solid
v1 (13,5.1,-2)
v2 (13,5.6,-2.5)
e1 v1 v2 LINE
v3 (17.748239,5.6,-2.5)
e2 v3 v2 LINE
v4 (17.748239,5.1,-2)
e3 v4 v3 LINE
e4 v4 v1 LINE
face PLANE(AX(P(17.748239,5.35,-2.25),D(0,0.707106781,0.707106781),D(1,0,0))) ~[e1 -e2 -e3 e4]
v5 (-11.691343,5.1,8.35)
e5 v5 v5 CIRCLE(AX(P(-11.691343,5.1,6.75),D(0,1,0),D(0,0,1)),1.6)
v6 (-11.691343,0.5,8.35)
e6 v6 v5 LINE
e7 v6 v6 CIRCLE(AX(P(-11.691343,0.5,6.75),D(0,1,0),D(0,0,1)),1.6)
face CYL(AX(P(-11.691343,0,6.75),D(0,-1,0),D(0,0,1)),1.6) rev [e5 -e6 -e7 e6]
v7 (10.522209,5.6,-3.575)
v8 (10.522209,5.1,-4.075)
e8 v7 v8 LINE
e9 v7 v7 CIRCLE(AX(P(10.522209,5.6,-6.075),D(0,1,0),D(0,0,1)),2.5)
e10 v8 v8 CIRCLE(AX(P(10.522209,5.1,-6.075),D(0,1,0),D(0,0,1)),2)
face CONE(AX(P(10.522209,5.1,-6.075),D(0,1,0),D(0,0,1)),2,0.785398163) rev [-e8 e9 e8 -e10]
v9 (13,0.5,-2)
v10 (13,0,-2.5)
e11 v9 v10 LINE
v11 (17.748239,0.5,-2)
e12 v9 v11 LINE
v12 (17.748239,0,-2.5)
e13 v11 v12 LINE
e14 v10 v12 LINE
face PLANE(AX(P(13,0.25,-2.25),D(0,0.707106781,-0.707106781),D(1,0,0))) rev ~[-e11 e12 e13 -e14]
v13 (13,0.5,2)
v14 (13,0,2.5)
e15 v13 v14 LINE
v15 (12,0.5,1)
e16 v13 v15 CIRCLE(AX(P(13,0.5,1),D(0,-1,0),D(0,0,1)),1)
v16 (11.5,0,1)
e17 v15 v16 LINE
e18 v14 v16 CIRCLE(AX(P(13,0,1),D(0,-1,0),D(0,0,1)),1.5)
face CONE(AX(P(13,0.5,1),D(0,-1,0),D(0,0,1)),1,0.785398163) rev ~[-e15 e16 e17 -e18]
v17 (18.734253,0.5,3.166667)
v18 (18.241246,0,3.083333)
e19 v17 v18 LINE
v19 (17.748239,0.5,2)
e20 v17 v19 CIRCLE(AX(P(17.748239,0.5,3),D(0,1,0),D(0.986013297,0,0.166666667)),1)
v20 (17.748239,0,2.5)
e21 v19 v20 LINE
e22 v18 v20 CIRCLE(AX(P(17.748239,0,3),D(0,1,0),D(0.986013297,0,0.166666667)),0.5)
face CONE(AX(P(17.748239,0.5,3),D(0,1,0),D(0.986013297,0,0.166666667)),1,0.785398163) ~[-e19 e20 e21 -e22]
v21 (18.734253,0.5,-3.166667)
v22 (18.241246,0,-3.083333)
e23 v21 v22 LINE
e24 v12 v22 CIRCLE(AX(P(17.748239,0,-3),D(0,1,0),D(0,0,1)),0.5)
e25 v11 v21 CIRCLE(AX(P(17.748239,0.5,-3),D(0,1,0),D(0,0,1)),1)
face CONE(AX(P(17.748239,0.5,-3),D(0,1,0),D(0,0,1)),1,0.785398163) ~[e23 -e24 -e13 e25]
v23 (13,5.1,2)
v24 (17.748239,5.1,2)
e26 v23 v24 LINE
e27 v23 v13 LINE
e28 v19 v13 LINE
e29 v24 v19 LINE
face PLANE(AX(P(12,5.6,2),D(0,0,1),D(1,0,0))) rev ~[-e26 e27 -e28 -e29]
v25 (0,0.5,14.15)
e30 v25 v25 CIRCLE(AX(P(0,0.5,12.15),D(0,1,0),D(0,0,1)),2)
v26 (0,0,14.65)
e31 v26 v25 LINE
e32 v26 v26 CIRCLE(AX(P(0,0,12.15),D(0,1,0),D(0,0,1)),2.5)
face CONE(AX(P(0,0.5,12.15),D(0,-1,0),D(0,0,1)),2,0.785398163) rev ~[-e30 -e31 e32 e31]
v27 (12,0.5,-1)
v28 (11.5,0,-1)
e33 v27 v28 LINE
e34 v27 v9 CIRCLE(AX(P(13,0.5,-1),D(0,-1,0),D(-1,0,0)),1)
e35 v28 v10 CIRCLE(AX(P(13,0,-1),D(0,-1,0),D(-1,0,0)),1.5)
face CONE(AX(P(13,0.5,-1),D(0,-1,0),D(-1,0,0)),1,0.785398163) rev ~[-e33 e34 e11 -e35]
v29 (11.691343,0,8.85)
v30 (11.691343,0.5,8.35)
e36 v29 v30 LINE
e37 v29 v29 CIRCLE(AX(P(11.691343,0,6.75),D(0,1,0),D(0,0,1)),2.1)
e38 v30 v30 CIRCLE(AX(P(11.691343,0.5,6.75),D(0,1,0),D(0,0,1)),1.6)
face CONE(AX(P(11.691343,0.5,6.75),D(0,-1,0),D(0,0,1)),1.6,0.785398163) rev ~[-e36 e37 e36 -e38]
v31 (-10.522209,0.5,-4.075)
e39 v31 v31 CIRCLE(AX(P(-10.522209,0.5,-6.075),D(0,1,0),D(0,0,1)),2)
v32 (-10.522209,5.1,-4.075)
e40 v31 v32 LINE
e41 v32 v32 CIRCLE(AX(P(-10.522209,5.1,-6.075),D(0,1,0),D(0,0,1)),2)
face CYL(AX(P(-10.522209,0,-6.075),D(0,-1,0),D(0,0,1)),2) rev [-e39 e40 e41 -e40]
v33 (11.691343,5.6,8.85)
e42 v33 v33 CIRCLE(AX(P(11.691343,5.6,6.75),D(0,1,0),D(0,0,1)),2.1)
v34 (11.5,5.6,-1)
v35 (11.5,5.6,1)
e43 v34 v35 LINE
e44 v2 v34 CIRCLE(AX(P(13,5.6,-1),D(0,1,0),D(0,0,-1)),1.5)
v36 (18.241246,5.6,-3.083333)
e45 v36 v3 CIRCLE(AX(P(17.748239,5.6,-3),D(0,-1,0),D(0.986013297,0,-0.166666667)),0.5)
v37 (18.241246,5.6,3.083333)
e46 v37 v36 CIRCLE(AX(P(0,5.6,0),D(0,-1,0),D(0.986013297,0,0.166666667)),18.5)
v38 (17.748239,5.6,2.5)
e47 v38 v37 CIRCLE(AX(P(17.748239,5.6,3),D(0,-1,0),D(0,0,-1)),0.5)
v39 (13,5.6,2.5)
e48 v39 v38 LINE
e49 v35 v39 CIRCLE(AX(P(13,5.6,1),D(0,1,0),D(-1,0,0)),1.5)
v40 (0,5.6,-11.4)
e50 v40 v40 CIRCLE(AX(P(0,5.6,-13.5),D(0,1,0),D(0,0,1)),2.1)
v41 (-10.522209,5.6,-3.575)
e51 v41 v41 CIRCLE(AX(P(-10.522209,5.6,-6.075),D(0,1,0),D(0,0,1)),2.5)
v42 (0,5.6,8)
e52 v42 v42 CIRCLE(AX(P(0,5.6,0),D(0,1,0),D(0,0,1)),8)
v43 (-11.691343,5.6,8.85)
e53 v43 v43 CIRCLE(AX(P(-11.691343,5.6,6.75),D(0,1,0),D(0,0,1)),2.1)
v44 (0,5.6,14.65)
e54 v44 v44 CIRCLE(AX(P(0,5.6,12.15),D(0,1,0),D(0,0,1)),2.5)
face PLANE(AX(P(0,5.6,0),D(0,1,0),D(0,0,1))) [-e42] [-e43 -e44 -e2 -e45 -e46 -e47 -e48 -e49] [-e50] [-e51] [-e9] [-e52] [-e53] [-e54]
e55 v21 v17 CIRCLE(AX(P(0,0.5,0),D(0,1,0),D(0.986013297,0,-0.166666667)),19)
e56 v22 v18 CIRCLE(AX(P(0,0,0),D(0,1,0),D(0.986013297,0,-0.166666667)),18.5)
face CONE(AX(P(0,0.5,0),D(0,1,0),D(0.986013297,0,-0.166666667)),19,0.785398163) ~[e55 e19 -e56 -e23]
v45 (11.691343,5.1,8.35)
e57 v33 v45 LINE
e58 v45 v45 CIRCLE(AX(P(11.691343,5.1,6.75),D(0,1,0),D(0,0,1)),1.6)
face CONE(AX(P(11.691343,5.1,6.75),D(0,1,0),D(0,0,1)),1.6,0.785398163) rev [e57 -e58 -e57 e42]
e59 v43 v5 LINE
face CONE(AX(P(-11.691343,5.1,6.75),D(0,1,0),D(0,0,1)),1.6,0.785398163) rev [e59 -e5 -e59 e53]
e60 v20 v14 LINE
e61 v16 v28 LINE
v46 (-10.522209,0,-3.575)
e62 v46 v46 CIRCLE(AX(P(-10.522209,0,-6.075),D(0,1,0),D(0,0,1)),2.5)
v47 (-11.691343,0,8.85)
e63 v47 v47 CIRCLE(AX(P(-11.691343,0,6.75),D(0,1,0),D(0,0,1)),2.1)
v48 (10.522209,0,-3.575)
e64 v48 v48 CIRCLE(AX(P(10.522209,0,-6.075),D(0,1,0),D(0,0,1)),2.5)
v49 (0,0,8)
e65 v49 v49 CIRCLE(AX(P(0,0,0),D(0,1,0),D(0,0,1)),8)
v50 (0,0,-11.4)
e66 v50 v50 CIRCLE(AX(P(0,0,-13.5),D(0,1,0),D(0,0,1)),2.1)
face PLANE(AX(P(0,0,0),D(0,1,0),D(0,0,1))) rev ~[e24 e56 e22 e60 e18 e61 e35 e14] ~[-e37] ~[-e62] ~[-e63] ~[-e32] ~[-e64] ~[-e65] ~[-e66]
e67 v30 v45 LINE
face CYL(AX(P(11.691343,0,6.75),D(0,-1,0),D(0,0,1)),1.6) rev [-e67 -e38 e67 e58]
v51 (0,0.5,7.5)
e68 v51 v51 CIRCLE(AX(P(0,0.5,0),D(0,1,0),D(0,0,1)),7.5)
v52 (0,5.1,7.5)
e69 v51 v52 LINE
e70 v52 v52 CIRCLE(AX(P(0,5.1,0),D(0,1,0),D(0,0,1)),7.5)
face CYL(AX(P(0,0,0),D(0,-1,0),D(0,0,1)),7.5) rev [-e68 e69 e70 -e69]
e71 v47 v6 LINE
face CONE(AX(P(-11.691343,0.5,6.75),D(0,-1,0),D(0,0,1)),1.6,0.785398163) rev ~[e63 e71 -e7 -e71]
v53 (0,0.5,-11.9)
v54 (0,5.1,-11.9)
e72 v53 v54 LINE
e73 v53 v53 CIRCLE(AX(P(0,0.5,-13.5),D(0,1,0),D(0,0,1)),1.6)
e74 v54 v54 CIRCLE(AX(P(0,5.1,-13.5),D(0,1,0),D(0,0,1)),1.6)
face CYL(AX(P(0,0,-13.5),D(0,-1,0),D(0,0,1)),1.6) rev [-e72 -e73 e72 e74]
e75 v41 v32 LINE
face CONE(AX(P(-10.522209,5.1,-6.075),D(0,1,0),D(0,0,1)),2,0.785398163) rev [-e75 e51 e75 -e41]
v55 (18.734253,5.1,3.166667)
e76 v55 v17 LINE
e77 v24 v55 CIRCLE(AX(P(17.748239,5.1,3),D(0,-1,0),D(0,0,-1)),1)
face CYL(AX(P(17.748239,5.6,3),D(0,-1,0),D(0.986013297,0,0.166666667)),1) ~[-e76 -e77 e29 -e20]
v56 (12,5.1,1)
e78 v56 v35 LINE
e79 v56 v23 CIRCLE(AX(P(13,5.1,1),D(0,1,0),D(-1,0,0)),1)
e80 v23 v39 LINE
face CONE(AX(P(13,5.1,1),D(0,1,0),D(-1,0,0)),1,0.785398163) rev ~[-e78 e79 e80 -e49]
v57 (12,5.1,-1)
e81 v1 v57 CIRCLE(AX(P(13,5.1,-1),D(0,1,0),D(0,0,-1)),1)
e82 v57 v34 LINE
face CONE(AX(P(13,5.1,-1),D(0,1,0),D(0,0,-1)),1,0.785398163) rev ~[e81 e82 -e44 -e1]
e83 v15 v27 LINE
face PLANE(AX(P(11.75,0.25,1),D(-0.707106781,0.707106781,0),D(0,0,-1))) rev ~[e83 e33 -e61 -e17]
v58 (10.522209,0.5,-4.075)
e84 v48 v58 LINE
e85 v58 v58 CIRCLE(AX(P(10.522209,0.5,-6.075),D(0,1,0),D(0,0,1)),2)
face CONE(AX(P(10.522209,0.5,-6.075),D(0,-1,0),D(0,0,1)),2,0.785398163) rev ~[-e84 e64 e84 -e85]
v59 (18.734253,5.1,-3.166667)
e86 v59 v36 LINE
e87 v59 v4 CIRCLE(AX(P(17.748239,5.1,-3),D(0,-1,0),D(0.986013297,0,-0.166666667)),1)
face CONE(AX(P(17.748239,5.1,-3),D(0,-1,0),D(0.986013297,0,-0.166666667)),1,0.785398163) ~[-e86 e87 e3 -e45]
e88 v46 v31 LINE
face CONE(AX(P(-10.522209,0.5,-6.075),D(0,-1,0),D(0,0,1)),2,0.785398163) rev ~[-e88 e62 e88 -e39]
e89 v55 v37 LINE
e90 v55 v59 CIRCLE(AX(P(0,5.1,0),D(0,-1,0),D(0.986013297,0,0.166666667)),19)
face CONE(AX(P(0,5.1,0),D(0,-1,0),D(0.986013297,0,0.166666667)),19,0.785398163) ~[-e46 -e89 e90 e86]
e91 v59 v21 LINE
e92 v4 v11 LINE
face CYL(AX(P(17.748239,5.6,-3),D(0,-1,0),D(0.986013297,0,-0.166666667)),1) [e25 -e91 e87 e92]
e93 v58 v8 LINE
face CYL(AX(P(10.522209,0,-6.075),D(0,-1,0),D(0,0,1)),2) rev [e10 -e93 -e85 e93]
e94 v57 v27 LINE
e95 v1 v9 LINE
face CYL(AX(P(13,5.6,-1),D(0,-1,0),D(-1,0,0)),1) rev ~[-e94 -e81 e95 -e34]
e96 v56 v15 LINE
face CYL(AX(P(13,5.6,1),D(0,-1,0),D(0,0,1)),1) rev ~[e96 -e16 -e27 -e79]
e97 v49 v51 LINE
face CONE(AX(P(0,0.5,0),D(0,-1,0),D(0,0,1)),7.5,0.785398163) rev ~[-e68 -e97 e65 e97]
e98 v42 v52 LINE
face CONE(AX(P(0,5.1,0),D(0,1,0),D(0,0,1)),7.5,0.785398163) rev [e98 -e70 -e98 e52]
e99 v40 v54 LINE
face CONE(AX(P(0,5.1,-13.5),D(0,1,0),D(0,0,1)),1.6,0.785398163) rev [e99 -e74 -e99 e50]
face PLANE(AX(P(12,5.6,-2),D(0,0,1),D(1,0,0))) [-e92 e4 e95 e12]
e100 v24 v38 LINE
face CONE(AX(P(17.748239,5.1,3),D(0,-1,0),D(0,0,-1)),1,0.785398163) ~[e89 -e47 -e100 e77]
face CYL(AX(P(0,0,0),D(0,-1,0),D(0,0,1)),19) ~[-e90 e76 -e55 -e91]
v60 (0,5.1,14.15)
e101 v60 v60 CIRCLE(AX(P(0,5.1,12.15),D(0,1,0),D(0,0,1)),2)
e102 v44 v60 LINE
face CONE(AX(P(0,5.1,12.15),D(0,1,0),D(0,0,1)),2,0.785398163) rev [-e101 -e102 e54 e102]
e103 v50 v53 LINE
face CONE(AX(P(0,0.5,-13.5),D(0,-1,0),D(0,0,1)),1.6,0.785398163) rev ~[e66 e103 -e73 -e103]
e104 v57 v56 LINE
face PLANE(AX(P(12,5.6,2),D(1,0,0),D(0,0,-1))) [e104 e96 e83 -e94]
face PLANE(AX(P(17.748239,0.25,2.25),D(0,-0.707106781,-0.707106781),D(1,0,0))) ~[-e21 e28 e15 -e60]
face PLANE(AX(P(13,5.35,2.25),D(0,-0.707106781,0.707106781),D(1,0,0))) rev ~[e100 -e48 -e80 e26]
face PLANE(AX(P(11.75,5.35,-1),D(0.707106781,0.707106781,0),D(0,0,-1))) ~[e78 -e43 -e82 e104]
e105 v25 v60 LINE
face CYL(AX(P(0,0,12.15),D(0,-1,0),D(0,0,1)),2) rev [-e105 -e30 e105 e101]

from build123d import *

# Parameters (mm, degrees)
SKETCH_1_R          = 19
SKETCH_1_R_2        = 2
SKETCH_1_R_3        = 7.5
SKETCH_1_R_4        = 1.6
EXTRUDE_1_DEPTH     = 5.6
SKETCH_2_W          = 15.17824661
SKETCH_2_H          = 4
CUT_EXTRUDE_1_DEPTH = 10
FILLET_1_R          = 1
CHAMFER_1_SIZE      = 0.5
CHAMFER_2_SIZE      = 0.5


with BuildPart() as part:
    # 草图1 → 凸台-拉伸1 (new body)
    with BuildSketch(Plane(origin=(0, 0, 0), x_dir=(1, 0, 0), z_dir=(0, 1, 0))):
        with Locations(Location((0, 0, 0), (0, 0, 270))):
            Circle(SKETCH_1_R)
        with Locations(Location((0, -12.15, 0), (0, 0, 270))):
            Circle(SKETCH_1_R_2, mode=Mode.SUBTRACT)
        with Locations(Location((10.522208656, 6.075, 0), (0, 0, 270))):
            Circle(SKETCH_1_R_2, mode=Mode.SUBTRACT)
        with Locations(Location((-10.522208656, 6.075, 0), (0, 0, 270))):
            Circle(SKETCH_1_R_2, mode=Mode.SUBTRACT)
        with Locations(Location((0, 0, 0), (0, 0, 270))):
            Circle(SKETCH_1_R_3, mode=Mode.SUBTRACT)
        with Locations(Location((-11.691342951, -6.75, 0), (0, 0, 270))):
            Circle(SKETCH_1_R_4, mode=Mode.SUBTRACT)
        with Locations(Location((11.691342951, -6.75, 0), (0, 0, 270))):
            Circle(SKETCH_1_R_4, mode=Mode.SUBTRACT)
        with Locations(Location((0, 13.5, 0), (0, 0, 270))):
            Circle(SKETCH_1_R_4, mode=Mode.SUBTRACT)
    extrude(amount=EXTRUDE_1_DEPTH)

    # 草图2 → 切除-拉伸1 (cut)
    with BuildSketch(Plane(origin=(0, 5.6, 0), x_dir=(1, 0, 0), z_dir=(0, 1, 0))):
        with Locations((19.589123305, 0)):
            Rectangle(SKETCH_2_W, SKETCH_2_H)
    extrude(amount=-CUT_EXTRUDE_1_DEPTH, mode=Mode.SUBTRACT)

    # 圆角1
    fillet_1_edges = [part.edges().sort_by_distance(p)[0] for p in [
        (12, 2.8, 2),
        (18.894443628, 2.8, -2),
        (12, 2.8, -2),
        (18.894443628, 2.8, 2),
    ]]
    fillet(fillet_1_edges, radius=FILLET_1_R)

    # 倒角1
    chamfer_1_edges = [part.edges().sort_by_distance(p)[0] for p in [
        (-19, 5.6, 0),
        (-19, 0, 0),
        (15.374119675, 5.6, -2),
        (15.374119675, 5.6, 2),
        (12, 5.6, 0),
        (18.512001965, 5.6, -2.354502776),
        (18.512001965, 5.6, 2.354502776),
        (15.374119675, 0, 2),
        (15.374119675, 0, -2),
        (12, 0, 0),
        (18.512001965, 0, -2.354502776),
        (18.512001965, 0, 2.354502776),
        (12.292893219, 5.6, 1.707106781),
        (12.292893219, 0, 1.707106781),
        (12.292893219, 5.6, -1.707106781),
        (12.292893219, 0, -1.707106781),
    ]]
    chamfer(chamfer_1_edges, length=CHAMFER_1_SIZE)

    # 倒角2
    chamfer_2_edges = [part.edges().sort_by_distance(p)[0] for p in [
        (0, 5.6, 10.15),
        (0, 0, -15.1),
        (11.691342951, 0, 5.15),
        (-11.691342951, 0, 5.15),
        (0, 0, -7.5),
        (-10.522208656, 0, -8.075),
        (10.522208656, 0, -8.075),
        (0, 0, 10.15),
        (10.522208656, 5.6, -8.075),
        (-10.522208656, 5.6, -8.075),
        (0, 5.6, -7.5),
        (-11.691342951, 5.6, 5.15),
        (11.691342951, 5.6, 5.15),
        (0, 5.6, -15.1),
    ]]
    chamfer(chamfer_2_edges, length=CHAMFER_2_SIZE)


solid = part.part
